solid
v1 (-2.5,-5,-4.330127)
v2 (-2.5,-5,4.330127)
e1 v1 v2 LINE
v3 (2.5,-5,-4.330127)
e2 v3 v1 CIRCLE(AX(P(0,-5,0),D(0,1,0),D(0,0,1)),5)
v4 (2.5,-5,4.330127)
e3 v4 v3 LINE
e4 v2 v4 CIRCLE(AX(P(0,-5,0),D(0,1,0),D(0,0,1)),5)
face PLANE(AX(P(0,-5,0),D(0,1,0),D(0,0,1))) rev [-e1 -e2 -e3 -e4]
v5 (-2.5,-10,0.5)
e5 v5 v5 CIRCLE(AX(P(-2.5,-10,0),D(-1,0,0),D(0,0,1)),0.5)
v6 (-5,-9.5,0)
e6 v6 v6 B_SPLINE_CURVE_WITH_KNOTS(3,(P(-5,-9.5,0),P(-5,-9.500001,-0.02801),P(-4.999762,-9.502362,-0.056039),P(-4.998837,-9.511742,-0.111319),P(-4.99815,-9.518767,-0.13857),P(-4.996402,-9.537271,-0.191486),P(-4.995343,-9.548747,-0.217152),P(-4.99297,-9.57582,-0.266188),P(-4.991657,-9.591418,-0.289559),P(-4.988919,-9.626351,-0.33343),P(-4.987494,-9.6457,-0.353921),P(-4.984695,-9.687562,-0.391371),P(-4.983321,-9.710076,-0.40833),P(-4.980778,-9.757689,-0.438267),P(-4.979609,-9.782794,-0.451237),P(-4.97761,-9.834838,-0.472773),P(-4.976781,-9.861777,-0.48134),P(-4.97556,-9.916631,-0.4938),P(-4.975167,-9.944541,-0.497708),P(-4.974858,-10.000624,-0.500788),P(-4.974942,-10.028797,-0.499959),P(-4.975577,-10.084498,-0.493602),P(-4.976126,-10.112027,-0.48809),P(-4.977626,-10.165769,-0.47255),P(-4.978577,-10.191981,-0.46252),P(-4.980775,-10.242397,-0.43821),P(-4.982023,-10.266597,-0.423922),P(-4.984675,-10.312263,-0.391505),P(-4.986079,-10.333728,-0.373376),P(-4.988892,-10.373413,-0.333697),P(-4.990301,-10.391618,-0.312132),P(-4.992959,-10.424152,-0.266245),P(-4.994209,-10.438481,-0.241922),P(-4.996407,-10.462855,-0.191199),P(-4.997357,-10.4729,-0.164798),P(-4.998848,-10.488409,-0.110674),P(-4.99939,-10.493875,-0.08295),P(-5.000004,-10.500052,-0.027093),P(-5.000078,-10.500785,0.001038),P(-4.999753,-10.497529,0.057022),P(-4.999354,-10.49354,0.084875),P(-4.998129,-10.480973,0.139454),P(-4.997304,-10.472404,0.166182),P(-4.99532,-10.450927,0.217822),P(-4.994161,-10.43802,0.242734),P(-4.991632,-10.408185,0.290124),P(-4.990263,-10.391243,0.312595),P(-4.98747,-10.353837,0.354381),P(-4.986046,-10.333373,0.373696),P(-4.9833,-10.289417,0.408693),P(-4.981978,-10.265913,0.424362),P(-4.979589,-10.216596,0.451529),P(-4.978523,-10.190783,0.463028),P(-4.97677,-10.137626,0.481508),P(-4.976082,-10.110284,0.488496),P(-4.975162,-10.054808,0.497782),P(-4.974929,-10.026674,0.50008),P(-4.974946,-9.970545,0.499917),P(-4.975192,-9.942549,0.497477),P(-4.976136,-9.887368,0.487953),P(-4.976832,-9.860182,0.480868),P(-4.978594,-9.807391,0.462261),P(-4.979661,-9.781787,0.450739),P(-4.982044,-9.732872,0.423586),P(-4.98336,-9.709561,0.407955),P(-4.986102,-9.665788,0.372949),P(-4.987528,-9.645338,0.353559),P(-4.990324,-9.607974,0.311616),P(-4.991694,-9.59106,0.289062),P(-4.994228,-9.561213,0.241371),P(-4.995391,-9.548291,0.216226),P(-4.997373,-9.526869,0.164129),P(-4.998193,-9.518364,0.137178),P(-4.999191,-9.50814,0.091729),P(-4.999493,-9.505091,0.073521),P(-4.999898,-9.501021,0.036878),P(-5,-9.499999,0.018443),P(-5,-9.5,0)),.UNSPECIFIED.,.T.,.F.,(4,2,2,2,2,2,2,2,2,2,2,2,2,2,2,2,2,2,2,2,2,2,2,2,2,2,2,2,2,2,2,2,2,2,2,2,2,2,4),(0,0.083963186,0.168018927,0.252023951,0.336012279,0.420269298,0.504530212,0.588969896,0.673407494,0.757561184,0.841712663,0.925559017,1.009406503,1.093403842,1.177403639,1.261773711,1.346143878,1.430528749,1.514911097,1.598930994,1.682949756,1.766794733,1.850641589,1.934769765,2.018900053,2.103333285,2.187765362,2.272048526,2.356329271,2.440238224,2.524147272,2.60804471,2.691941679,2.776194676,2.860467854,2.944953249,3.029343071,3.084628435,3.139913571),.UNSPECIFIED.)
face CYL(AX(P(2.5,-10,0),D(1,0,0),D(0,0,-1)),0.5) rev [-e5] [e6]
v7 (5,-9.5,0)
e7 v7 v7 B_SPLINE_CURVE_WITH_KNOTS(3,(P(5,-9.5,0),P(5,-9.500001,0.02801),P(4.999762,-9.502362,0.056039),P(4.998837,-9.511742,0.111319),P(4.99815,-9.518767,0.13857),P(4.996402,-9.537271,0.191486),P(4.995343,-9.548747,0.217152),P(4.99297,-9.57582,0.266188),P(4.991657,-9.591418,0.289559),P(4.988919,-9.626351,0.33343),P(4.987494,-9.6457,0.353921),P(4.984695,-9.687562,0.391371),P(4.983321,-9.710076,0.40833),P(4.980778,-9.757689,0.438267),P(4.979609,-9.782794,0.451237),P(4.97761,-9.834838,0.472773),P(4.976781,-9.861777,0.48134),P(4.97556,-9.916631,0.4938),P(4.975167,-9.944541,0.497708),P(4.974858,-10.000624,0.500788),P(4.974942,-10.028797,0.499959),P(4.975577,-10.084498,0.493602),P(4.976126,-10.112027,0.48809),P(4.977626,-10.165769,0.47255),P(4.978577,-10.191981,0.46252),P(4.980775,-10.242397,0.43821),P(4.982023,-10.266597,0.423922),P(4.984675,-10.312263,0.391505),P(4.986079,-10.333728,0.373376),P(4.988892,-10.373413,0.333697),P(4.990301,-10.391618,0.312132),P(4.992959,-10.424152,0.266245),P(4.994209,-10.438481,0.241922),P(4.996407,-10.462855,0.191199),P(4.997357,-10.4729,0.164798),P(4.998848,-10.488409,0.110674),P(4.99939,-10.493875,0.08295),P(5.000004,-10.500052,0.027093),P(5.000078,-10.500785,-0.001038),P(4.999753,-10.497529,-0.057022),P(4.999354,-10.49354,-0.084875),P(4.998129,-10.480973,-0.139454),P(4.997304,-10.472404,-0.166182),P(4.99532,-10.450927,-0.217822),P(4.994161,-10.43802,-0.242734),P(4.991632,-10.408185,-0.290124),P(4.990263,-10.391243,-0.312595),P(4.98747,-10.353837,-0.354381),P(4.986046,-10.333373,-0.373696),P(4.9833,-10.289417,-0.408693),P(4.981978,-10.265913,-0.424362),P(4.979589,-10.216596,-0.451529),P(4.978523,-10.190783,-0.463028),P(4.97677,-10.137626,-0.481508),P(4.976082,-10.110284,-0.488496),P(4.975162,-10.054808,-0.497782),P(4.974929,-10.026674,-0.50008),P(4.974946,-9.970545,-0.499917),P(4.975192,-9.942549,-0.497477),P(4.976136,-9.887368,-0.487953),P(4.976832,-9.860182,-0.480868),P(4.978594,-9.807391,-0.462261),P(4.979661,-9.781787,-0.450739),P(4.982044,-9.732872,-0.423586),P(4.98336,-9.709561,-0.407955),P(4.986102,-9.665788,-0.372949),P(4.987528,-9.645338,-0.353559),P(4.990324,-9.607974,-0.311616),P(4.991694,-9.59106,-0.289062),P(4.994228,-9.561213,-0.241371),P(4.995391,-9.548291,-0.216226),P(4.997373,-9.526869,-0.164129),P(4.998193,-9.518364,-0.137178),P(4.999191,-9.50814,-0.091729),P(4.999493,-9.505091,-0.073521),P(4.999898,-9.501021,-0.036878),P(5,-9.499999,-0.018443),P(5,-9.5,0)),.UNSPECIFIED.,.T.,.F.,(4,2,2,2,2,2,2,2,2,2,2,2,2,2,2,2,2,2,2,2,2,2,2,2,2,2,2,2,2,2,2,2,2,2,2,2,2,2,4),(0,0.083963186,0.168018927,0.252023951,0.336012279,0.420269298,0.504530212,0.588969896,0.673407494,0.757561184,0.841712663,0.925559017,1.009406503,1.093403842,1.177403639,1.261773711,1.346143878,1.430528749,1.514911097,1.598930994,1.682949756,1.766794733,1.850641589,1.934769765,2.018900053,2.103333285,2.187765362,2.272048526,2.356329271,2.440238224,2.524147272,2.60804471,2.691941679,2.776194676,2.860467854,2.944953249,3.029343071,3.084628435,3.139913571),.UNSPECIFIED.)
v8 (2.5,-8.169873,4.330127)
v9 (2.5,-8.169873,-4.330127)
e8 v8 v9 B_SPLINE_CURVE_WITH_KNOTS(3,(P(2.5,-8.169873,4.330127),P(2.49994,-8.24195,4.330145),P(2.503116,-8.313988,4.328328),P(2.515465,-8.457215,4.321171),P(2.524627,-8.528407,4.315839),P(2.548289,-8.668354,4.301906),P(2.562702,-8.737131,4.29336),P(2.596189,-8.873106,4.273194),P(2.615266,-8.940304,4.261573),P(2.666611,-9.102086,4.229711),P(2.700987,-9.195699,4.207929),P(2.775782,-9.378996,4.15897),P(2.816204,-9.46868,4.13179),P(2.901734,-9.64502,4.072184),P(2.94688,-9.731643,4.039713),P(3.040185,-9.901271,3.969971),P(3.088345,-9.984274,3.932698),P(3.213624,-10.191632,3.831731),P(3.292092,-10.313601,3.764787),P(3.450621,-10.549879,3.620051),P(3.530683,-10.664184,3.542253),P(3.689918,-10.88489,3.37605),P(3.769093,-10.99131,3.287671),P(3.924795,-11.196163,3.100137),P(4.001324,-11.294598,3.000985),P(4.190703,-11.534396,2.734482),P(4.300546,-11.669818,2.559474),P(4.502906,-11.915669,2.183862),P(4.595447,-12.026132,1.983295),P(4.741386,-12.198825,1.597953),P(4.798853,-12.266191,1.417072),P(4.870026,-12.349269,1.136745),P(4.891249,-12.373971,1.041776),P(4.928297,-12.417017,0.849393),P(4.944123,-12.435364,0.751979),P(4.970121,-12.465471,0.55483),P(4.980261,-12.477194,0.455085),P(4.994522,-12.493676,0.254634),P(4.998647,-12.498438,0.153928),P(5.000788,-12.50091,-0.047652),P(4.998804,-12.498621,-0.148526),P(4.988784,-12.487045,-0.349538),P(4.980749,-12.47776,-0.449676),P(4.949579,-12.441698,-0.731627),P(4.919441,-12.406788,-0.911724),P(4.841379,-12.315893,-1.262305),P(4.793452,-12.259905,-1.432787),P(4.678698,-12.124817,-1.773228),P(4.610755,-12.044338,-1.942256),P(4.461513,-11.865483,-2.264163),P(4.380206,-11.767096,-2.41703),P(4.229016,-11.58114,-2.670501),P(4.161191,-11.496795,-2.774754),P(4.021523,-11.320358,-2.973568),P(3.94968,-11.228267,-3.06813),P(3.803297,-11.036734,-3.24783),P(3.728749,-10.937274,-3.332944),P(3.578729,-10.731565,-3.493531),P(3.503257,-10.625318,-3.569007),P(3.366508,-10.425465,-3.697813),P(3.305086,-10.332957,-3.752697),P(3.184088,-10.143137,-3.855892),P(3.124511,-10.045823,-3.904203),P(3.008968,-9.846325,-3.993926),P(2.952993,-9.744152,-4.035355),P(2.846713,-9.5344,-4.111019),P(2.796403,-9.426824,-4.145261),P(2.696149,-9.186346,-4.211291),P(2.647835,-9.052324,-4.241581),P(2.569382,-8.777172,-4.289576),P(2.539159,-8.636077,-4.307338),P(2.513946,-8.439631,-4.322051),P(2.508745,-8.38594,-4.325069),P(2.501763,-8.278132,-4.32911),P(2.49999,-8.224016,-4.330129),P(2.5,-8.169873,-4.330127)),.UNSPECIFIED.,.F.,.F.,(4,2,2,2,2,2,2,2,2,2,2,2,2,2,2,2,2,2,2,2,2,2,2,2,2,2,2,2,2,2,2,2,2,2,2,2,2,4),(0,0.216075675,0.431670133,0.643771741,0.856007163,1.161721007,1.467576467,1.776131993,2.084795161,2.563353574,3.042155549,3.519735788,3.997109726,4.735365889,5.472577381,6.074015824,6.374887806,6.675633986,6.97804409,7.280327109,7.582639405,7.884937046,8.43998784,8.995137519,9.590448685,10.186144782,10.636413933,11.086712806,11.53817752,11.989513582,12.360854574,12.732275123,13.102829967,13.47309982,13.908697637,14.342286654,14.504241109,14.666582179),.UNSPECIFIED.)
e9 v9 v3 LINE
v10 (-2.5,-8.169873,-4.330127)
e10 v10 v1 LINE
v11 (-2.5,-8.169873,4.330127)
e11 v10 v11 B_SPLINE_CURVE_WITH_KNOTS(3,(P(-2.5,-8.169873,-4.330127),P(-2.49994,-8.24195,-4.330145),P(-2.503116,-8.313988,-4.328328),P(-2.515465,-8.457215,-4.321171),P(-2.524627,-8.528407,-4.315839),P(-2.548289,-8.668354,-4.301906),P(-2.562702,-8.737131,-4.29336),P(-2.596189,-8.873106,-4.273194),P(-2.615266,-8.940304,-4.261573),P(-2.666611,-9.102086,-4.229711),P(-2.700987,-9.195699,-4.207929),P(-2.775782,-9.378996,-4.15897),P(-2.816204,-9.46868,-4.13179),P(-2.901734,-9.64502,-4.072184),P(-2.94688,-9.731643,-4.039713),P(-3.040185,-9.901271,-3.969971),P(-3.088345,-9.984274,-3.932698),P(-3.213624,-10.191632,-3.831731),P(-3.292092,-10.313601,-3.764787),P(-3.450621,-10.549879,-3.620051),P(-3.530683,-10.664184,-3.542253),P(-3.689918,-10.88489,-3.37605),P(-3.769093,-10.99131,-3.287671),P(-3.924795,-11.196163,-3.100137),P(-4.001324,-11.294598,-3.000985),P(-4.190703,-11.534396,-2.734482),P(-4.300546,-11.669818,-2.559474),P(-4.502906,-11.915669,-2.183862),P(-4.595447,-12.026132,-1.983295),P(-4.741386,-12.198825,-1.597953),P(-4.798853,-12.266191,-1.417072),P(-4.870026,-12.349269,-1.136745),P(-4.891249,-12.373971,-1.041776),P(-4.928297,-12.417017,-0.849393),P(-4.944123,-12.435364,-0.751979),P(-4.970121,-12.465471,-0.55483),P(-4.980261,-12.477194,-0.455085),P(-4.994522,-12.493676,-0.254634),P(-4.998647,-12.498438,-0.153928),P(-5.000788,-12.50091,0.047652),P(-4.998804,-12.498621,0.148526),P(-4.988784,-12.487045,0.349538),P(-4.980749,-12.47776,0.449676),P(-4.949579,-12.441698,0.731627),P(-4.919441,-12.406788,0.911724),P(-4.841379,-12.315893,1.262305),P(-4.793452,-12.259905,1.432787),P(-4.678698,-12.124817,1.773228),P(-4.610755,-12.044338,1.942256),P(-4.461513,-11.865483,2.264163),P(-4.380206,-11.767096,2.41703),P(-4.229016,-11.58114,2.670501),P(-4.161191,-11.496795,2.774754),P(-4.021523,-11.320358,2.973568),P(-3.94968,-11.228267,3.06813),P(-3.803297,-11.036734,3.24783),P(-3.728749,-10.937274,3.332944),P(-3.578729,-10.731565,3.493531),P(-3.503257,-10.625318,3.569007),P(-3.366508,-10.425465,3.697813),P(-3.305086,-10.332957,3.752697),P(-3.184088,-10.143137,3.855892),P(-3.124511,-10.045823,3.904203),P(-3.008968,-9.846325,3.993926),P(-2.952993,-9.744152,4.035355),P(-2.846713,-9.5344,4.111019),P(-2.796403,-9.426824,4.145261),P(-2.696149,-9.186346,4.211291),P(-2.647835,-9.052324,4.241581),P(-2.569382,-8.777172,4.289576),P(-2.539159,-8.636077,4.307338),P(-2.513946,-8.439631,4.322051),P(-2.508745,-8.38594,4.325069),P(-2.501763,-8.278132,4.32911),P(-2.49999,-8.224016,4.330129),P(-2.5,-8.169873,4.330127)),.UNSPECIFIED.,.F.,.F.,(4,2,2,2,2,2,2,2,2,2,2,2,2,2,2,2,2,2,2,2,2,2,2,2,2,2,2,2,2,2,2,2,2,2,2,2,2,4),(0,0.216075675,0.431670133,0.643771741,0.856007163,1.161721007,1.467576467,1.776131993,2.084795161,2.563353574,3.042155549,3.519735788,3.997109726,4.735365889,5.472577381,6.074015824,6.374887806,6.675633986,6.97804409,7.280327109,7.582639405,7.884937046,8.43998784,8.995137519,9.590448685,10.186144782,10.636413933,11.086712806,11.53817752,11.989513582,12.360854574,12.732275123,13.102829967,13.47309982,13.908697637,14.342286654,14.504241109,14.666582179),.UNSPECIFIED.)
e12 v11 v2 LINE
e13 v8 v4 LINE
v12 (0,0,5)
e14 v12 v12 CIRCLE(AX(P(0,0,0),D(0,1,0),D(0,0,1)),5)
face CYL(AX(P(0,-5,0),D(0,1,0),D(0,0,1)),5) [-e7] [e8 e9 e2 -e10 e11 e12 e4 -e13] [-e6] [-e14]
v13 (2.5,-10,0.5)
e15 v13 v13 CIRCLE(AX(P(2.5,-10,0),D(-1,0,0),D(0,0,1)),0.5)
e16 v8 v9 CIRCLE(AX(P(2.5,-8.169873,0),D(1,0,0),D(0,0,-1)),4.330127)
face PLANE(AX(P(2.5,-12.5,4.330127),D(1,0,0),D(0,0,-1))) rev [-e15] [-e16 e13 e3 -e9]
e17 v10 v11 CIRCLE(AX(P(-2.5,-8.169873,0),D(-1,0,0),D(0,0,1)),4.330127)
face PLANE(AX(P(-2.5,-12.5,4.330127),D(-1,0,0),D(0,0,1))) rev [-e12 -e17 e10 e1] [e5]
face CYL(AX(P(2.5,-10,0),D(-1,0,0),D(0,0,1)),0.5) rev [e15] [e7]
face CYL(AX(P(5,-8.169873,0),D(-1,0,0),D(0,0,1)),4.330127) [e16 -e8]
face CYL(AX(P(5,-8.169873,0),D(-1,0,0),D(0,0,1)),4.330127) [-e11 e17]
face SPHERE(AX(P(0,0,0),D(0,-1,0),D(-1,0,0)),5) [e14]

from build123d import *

# Parameters (mm, degrees)
SKETCH1_R                            = 5
BOSS_EXTRUDE1_DEPTH                  = 5
BOSS_EXTRUDE3_DEPTH                  = 7.5
CUT_EXTRUDE3_DEPTH                   = 7.5
CUT_EXTRUDE3_DEPTH_BACK              = 7.5
F_95_0_03937008_DIAMETER_HOLE1_D     = 1.000000032
F_95_0_03937008_DIAMETER_HOLE1_DEPTH = 2.5
F_94_0_03937008_DIAMETER_HOLE1_D     = 1.000000032


with BuildPart() as part:
    # Sketch1 → Boss-Extrude1 (new body)
    with BuildSketch(Plane(origin=(0, 0, 0), x_dir=(1, 0, 0), z_dir=(0, 1, 0))):
        with Locations(Location((0, 0, 0), (0, 0, 270))):
            Circle(SKETCH1_R)
    extrude(amount=-BOSS_EXTRUDE1_DEPTH)

    # Sketch2 → Boss-Extrude3 (add)
    with BuildSketch(Plane.XZ.offset(5)):
        with BuildLine():
            Line((-2.5, 4.330127019), (-2.5, -4.330127019))
            ThreePointArc((-2.5, -4.330127019), (-5, 0), (-2.5, 4.330127019))
        make_face()
        with BuildLine():
            Line((2.5, 4.330127019), (2.5, -4.330127019))
            ThreePointArc((2.5, -4.330127019), (5, 0), (2.5, 4.330127019))
        make_face()
    extrude(amount=BOSS_EXTRUDE3_DEPTH)

    # Sketch3 → Cut-Extrude3 (cut, two sides: drawn at the far end of the back side and taken through both)
    with BuildSketch(Plane(origin=(-2.5, 0, 0), x_dir=(0, 0, -1), z_dir=(1, 0, 0)).offset(-CUT_EXTRUDE3_DEPTH_BACK)):
        with BuildLine():
            Line((4.330127019, -8.16987298), (5.6827841, -8.16987298))
            Line((5.6827841, -8.16987298), (5.6827841, -17.335433659))
            Line((5.6827841, -17.335433659), (-5.198770312, -17.335433659))
            Line((-5.198770312, -17.335433659), (-5.198770312, -8.16987298))
            Line((-5.198770312, -8.16987298), (-4.330127019, -8.16987298))
            ThreePointArc((-4.330127019, -8.16987298), (-3.061862179, -11.231735159), (0, -12.5))
            ThreePointArc((0, -12.5), (3.061862179, -11.231735159), (4.330127019, -8.16987298))
        make_face()
    extrude(amount=CUT_EXTRUDE3_DEPTH + CUT_EXTRUDE3_DEPTH_BACK, mode=Mode.SUBTRACT)

    # #95 (0.03937008) Diameter Hole1
    with Locations(Plane(origin=(2.5, -10, 0), x_dir=(0, 0, -1), z_dir=(-1, 0, 0))):
        with Locations((0, 0)):
            Hole(F_95_0_03937008_DIAMETER_HOLE1_D / 2, depth=F_95_0_03937008_DIAMETER_HOLE1_DEPTH)

    # #94 (0.03937008) Diameter Hole1 (through all)
    with Locations(Plane(origin=(2.5, -10, 0), x_dir=(0, 0, 1), z_dir=(1, 0, 0))):
        with Locations((0, 0)):
            Hole(F_94_0_03937008_DIAMETER_HOLE1_D / 2)

    # Sketch7 → Revolve1 (revolve)
    with BuildSketch(Plane.XY):
        with BuildLine():
            Line((0, 0), (0, 5))
            ThreePointArc((0, 5), (-3.535533906, 3.535533906), (-5, 0))
            Line((-5, 0), (0, 0))
        make_face()
    revolve(axis=Axis((0, 0, 0), (0, 1, 0)))


solid = part.part
